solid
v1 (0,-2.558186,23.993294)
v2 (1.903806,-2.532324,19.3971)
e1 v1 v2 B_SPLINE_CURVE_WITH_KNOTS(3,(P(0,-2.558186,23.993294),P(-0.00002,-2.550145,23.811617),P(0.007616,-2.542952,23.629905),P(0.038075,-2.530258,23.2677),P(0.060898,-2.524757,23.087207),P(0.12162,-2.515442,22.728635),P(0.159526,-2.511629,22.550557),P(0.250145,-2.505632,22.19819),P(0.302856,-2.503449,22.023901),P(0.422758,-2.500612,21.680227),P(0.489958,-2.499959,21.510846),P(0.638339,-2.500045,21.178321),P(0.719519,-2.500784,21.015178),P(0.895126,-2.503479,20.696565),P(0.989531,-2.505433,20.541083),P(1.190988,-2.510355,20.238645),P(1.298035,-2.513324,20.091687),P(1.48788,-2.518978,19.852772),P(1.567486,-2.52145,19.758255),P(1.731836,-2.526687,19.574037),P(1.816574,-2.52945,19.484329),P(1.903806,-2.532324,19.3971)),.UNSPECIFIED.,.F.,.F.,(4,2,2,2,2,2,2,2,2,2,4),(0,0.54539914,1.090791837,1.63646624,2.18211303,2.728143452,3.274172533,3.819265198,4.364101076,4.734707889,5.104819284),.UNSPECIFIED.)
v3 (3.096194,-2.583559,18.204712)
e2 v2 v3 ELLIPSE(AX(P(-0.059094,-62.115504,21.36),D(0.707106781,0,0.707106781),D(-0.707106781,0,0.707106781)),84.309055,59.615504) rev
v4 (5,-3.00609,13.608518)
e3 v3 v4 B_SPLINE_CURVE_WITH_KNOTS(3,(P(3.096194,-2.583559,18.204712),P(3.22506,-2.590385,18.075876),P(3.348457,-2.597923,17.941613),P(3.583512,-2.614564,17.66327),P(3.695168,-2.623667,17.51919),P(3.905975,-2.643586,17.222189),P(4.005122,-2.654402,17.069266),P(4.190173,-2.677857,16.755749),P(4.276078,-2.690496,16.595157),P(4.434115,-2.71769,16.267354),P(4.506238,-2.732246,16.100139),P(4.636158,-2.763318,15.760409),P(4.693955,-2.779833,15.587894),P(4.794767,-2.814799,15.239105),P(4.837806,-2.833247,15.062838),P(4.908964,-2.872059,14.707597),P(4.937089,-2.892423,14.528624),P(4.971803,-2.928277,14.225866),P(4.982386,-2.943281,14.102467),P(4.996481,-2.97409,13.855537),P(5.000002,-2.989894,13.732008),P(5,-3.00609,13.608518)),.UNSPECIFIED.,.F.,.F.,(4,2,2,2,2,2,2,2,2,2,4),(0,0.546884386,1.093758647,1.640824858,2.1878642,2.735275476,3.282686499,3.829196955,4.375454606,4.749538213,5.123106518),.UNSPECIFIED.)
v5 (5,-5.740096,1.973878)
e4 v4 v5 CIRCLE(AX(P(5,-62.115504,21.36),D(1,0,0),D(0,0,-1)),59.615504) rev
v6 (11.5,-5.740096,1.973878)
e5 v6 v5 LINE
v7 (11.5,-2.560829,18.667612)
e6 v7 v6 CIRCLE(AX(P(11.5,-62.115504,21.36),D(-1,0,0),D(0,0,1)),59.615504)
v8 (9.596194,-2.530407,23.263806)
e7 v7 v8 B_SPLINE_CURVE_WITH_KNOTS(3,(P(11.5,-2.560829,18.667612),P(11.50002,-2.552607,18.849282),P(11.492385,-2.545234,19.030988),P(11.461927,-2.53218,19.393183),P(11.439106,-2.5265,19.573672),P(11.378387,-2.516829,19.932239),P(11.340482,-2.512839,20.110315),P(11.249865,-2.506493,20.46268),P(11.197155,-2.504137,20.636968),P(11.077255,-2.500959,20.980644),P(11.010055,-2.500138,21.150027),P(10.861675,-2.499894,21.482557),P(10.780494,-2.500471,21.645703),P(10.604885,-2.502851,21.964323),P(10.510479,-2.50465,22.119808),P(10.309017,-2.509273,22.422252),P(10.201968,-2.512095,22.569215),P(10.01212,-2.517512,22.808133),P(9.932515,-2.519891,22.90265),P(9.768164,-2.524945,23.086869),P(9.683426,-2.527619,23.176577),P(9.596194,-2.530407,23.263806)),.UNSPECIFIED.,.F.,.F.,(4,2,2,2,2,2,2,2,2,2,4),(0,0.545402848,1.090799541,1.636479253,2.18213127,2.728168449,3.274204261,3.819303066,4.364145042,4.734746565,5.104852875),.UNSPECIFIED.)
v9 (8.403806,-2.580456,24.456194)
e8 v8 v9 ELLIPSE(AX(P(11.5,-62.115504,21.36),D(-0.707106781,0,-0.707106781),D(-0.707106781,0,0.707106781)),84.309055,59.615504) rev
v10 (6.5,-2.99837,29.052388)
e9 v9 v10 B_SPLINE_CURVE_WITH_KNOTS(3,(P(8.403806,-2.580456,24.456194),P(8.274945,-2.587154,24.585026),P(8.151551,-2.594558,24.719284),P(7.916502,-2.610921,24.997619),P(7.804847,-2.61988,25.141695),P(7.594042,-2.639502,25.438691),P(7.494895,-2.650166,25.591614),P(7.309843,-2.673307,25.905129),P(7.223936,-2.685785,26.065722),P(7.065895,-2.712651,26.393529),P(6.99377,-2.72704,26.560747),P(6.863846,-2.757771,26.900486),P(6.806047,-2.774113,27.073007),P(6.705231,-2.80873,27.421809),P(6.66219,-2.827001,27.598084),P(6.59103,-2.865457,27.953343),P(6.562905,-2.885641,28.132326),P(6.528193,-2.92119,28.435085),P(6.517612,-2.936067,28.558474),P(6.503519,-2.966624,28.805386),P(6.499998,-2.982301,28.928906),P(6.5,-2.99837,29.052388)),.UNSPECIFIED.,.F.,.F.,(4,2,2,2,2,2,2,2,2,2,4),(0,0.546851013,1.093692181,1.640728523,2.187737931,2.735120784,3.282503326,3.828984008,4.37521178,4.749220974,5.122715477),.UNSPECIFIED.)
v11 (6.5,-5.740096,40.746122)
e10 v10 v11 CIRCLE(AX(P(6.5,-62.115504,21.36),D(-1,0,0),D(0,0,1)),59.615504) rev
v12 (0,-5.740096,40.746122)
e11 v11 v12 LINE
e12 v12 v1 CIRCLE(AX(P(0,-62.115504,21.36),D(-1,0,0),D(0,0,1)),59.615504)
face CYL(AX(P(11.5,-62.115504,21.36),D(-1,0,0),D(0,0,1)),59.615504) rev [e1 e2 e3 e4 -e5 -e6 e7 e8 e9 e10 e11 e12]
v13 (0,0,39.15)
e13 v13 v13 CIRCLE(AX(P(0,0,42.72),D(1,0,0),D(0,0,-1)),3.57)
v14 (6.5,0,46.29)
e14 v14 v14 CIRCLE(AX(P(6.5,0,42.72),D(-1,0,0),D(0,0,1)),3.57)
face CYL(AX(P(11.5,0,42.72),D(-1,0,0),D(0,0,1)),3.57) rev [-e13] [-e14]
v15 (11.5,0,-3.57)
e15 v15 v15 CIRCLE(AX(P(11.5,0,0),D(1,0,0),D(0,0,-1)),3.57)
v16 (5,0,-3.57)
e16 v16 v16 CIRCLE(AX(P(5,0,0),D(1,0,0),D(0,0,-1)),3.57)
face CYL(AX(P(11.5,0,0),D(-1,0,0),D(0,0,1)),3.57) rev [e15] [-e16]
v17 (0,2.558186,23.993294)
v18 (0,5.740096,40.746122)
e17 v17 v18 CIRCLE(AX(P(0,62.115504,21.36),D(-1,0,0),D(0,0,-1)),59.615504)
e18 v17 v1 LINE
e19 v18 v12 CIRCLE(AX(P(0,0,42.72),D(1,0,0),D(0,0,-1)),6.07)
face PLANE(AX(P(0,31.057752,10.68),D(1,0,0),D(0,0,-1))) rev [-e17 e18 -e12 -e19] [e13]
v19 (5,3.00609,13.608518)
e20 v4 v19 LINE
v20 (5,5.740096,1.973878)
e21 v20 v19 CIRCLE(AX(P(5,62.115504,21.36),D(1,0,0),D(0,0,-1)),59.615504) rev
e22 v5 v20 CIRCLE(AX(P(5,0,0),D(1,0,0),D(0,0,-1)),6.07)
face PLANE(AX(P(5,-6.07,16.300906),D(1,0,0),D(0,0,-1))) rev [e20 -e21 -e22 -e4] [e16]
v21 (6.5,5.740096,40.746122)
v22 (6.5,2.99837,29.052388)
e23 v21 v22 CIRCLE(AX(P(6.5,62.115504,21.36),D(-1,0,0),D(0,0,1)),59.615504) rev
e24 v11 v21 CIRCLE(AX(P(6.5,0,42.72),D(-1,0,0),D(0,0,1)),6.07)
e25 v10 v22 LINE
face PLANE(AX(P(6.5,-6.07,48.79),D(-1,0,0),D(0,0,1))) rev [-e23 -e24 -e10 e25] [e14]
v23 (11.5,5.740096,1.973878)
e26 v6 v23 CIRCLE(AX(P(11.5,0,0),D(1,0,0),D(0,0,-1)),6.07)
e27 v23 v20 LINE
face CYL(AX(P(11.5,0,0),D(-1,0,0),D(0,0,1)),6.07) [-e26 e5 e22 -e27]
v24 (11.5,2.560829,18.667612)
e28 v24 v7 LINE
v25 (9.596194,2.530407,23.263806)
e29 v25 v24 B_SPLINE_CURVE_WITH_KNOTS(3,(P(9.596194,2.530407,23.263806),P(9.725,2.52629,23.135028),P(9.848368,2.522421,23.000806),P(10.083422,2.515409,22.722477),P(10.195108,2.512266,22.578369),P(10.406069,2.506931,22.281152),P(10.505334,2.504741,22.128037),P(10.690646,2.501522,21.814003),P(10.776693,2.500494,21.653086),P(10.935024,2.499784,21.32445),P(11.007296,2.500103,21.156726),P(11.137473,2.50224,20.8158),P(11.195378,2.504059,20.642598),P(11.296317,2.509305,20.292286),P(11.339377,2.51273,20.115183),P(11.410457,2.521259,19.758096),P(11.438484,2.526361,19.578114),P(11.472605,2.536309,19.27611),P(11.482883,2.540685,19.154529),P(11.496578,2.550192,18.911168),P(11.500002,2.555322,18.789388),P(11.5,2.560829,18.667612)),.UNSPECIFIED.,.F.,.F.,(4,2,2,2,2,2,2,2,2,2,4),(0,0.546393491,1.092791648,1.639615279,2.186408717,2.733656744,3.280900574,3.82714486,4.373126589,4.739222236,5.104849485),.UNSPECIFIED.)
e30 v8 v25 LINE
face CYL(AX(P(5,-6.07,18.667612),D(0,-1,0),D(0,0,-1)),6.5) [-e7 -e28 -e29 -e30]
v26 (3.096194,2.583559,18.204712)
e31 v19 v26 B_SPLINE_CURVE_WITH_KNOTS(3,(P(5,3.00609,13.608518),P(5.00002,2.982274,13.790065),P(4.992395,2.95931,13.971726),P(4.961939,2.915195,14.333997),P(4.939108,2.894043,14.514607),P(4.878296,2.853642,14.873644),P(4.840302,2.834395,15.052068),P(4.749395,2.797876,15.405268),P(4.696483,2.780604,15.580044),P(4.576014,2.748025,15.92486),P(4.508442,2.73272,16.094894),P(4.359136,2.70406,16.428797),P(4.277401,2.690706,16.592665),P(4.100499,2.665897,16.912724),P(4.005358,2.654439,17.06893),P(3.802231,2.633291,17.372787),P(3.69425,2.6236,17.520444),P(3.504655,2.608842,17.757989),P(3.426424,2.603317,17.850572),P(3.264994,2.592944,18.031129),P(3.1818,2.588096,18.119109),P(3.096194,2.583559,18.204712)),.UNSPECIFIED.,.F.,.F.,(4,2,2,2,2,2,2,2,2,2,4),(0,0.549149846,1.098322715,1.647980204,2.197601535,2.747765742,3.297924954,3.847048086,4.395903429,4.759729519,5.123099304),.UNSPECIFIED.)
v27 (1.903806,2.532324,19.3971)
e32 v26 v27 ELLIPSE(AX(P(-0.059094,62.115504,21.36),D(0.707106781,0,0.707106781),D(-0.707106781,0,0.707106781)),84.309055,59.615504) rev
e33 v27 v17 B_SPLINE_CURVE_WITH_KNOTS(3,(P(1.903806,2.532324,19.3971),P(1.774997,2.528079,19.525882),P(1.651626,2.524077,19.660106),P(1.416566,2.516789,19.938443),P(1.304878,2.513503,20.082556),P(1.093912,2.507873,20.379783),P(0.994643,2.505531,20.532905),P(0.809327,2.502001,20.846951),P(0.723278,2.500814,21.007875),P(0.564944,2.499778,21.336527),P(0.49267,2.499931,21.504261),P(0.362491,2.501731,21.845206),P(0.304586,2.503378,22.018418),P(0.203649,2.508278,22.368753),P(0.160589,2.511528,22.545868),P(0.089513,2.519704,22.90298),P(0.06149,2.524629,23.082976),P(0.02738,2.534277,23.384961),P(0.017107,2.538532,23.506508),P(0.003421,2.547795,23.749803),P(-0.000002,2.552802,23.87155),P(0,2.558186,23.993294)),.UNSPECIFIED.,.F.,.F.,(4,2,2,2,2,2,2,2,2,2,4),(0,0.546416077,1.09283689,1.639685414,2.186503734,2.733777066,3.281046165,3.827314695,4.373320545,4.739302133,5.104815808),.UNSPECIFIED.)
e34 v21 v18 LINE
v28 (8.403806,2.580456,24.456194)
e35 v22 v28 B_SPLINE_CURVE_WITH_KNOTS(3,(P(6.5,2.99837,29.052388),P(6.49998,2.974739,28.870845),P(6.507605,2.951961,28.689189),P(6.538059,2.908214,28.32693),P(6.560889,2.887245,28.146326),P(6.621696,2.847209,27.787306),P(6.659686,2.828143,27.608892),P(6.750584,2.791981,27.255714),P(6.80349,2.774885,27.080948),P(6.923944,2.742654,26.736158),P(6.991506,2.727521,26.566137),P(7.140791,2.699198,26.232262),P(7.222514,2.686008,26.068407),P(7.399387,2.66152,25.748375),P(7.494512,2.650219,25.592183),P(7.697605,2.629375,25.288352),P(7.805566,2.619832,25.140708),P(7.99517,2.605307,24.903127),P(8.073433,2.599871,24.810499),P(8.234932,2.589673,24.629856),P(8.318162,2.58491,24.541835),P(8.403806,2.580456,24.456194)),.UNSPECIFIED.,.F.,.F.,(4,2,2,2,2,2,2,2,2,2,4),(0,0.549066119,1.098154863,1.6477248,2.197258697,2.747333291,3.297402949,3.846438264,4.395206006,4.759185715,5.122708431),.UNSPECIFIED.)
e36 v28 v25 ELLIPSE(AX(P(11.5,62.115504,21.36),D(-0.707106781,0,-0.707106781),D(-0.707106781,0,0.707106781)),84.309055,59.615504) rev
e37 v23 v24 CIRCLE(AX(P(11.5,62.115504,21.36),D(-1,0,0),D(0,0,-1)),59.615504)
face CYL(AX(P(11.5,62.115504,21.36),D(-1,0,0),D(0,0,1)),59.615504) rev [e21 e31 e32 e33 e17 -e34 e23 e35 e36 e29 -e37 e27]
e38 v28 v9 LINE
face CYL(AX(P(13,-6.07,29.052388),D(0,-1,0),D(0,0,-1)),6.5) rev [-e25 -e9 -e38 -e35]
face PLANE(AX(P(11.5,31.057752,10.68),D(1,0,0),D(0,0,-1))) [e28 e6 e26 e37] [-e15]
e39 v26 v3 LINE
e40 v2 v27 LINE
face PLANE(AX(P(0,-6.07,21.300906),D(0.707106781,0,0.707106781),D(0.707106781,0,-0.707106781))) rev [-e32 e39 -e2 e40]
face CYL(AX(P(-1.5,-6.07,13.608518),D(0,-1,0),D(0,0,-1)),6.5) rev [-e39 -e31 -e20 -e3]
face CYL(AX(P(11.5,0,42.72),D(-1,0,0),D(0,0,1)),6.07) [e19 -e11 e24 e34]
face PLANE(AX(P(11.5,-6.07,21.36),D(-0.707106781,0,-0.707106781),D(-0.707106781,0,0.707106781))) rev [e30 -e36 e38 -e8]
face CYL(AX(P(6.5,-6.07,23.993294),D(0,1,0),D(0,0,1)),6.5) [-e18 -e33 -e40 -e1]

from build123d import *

# Parameters (mm, degrees)
SKETCH1_R               = 3.57
BOSS_EXTRUDE1_DEPTH     = 11.5
CUT_EXTRUDE2_DEPTH      = 51.493157952
CUT_EXTRUDE2_DEPTH_BACK = 51.493157952
FILLET1_R               = 6.5


with BuildPart() as part:
    # Sketch1 → Boss-Extrude1 (new body)
    with BuildSketch(Plane(origin=(0, 0, 0), x_dir=(0, 0, -1), z_dir=(1, 0, 0))):
        with BuildLine():
            ThreePointArc((-1.973878431, -5.740096161), (6.07, 0), (-1.973878431, 5.740096161))
            ThreePointArc((-1.973878431, 5.740096161), (-21.36, 2.5), (-40.746121569, 5.740096161))
            ThreePointArc((-40.746121569, 5.740096161), (-48.79, 0), (-40.746121569, -5.740096161))
            ThreePointArc((-40.746121569, -5.740096161), (-21.36, -2.5), (-1.973878431, -5.740096161))
        make_face()
        Circle(SKETCH1_R, mode=Mode.SUBTRACT)
        with Locations((-42.72, 0)):
            Circle(SKETCH1_R, mode=Mode.SUBTRACT)
    extrude(amount=BOSS_EXTRUDE1_DEPTH)

    # Sketch2 → Cut-Extrude2 (cut, two sides: drawn at the far end of the back side and taken through both)
    with BuildSketch(Plane(origin=(0, 0, 0), x_dir=(1, 0, 0), z_dir=(0, 1, 0)).offset(-CUT_EXTRUDE2_DEPTH_BACK)):
        Polygon((11.5, -48.79), (6.5, -48.79), (6.5, -26.36), (11.5, -21.36), align=None)
        Polygon((5, -16.30090598), (5, 6.07), (0, 6.07), (0, -21.30090598), align=None)
    extrude(amount=CUT_EXTRUDE2_DEPTH + CUT_EXTRUDE2_DEPTH_BACK, mode=Mode.SUBTRACT)

    # Fillet1
    fillet1_edges = [part.edges().sort_by_distance(p)[0] for p in [
        (0, 0, 21.30090598),
        (5, 0, 16.30090598),
        (6.5, 0, 26.36),
        (11.5, 0, 21.36),
    ]]
    fillet(fillet1_edges, radius=FILLET1_R)


solid = part.part
